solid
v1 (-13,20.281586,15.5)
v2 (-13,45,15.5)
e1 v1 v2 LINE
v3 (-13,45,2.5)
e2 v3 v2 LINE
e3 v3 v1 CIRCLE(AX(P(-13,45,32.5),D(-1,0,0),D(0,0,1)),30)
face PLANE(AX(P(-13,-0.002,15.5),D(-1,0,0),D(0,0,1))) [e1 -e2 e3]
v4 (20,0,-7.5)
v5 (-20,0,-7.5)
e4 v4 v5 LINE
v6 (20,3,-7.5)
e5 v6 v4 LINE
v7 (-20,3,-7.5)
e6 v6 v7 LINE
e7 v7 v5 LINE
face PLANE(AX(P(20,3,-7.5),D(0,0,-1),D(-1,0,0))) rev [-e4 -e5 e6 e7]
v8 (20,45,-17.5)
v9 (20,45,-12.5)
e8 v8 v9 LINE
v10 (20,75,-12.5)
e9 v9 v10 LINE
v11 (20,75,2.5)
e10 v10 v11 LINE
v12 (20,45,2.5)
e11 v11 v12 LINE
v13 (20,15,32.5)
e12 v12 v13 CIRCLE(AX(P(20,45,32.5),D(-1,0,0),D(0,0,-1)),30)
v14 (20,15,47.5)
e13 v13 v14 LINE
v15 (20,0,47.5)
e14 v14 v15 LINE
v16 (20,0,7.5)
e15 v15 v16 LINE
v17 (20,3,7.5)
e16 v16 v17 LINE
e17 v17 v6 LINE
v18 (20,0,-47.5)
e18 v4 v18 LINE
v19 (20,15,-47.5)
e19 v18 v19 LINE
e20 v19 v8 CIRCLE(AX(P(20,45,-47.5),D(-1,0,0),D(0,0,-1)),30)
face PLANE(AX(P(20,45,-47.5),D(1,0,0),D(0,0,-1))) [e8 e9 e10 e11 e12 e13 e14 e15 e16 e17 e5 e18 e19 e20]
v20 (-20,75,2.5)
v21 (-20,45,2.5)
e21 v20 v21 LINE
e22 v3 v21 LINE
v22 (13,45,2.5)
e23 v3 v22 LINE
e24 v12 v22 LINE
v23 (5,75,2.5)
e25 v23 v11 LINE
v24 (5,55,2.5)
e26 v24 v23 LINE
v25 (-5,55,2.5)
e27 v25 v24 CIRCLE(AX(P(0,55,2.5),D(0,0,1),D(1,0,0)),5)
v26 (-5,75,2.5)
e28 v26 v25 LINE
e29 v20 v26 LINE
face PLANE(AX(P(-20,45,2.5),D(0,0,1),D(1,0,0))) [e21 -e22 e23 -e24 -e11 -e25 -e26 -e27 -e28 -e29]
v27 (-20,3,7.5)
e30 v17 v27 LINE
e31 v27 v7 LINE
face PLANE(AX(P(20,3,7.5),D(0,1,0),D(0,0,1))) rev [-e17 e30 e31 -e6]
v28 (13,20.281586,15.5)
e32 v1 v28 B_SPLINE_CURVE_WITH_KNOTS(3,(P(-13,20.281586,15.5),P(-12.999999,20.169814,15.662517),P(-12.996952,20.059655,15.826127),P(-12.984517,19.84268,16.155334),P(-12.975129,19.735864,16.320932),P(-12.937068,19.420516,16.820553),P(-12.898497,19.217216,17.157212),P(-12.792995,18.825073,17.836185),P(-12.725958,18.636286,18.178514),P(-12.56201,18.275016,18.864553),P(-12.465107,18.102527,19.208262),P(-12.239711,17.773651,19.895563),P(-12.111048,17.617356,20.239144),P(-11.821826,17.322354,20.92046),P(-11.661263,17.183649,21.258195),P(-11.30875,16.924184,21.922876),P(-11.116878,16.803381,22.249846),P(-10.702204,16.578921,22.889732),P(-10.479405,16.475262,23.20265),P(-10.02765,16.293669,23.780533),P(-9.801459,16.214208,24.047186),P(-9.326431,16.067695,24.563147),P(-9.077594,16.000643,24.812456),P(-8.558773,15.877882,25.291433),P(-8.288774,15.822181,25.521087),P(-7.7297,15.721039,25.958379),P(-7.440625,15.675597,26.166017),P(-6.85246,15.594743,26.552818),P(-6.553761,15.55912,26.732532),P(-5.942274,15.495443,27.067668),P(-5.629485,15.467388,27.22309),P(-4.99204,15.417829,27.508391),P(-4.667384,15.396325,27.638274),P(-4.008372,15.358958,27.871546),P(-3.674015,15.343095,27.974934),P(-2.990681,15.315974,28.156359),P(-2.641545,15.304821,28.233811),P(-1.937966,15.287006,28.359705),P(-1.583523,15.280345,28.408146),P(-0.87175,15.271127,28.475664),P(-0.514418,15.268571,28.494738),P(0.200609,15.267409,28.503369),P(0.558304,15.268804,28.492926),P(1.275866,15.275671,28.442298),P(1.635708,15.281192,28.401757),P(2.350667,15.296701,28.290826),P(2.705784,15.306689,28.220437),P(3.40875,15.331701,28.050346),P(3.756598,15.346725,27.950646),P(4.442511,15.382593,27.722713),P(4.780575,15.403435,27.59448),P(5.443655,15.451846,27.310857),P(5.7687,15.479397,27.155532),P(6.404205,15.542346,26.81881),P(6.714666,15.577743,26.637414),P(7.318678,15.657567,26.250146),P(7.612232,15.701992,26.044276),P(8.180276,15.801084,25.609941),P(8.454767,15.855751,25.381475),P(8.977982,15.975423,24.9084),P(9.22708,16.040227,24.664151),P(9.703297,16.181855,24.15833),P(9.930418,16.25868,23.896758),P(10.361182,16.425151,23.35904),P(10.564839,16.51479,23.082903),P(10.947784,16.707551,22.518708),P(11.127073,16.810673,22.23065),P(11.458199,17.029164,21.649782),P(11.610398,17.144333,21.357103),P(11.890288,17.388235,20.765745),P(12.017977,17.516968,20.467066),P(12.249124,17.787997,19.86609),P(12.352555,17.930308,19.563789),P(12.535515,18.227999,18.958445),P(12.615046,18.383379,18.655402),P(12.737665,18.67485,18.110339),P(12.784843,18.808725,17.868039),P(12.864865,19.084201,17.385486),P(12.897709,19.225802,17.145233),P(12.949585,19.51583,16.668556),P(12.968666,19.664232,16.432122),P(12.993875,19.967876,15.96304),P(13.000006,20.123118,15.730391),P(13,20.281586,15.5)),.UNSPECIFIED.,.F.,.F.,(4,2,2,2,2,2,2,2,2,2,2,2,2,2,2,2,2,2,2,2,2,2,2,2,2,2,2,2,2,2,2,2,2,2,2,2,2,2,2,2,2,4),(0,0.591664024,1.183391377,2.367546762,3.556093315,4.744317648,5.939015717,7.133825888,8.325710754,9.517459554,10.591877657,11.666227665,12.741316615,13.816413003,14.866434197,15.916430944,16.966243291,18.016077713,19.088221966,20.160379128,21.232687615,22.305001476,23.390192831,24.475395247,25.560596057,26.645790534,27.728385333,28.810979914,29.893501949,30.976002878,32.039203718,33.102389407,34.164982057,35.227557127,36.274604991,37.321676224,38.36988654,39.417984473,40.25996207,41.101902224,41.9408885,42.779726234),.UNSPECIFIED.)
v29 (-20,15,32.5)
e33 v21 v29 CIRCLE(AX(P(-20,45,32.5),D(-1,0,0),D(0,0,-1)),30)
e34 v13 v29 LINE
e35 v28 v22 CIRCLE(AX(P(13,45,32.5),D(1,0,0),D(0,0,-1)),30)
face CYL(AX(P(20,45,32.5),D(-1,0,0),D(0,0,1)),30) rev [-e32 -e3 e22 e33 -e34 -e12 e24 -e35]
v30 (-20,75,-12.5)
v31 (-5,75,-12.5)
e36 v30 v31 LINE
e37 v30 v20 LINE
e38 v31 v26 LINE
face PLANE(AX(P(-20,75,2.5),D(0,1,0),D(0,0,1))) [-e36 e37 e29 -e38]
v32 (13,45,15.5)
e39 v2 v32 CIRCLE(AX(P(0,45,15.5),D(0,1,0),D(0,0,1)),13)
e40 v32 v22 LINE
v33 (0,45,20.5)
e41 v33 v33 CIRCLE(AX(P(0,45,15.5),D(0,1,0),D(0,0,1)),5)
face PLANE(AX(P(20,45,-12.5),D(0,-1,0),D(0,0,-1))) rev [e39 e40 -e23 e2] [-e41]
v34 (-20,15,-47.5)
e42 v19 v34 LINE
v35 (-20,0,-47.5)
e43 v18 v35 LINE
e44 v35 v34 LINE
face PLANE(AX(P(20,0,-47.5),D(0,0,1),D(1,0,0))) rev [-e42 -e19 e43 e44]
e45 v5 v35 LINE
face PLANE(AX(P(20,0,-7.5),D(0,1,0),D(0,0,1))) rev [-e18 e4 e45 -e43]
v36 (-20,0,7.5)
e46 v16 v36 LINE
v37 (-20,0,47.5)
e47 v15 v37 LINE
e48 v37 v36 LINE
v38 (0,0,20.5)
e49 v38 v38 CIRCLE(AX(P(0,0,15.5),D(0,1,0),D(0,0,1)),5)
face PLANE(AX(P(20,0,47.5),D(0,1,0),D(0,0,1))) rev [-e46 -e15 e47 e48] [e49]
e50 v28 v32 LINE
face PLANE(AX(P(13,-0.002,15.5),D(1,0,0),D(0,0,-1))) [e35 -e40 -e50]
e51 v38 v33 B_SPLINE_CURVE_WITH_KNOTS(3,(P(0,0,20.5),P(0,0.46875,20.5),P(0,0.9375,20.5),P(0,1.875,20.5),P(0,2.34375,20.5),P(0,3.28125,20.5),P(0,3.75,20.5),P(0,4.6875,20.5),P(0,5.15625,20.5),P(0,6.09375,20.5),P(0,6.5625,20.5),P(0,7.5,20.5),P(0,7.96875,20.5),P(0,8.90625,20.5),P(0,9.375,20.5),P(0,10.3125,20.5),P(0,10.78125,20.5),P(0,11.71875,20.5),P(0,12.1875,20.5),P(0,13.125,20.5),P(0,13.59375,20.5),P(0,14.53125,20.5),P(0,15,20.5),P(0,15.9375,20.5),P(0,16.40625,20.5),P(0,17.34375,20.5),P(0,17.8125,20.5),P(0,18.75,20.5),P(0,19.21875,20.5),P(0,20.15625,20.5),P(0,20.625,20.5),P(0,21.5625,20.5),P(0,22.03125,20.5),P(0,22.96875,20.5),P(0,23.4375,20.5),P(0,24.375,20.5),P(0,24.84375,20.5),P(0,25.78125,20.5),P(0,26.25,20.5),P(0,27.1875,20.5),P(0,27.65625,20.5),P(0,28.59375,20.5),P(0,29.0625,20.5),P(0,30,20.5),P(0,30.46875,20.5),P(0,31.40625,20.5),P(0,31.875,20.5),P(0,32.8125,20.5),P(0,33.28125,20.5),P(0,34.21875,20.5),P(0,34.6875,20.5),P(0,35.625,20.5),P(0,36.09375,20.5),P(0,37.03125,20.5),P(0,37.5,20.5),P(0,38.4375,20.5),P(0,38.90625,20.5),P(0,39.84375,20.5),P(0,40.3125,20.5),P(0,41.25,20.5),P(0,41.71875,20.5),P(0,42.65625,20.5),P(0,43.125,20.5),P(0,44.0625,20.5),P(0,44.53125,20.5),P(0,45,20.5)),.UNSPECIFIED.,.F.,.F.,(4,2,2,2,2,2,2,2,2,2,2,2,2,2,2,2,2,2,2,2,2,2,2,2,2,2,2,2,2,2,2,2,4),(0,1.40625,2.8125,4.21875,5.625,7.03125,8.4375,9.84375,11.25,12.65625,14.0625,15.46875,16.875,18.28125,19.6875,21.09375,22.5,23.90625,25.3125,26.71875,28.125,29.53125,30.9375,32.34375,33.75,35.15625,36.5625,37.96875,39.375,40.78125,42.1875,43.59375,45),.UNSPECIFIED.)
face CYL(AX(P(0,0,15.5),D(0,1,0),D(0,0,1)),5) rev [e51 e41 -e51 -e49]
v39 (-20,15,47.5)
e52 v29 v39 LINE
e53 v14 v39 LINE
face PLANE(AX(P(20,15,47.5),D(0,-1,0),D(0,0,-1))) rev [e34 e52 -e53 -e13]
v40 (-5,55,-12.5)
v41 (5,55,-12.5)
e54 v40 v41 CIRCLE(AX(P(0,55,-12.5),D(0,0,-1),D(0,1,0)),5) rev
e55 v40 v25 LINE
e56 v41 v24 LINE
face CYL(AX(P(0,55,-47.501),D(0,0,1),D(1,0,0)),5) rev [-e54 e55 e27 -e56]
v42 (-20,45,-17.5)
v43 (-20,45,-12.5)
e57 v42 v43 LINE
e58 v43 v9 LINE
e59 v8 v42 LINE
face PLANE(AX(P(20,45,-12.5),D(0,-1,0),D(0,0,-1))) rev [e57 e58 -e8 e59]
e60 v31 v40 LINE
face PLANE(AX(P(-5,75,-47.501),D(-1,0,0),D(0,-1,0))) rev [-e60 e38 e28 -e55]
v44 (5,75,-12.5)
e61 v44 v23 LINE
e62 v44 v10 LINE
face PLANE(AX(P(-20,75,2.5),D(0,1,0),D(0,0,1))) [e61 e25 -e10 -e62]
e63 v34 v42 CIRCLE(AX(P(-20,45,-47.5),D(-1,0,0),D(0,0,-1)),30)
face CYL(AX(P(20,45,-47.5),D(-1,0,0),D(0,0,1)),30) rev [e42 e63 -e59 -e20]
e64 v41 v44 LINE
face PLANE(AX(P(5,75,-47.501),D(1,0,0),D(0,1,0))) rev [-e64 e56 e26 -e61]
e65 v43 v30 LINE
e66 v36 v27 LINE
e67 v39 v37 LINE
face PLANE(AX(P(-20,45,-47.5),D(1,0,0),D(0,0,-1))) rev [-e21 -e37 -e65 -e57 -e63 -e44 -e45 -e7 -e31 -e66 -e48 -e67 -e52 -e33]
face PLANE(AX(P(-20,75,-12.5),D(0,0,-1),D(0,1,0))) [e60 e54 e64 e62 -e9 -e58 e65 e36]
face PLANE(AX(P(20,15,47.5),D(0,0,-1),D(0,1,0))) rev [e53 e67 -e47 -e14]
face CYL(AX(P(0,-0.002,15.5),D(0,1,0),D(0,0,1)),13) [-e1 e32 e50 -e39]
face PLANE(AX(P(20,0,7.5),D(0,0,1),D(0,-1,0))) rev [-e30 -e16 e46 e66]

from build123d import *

# Parameters (mm, degrees)
BOSS_EXTRUDE4_DEPTH      = 20
BOSS_EXTRUDE5_REACH      = 70.42
BOSS_EXTRUDE5_END_RADIUS = 30
SKETCH7_R                = 5
CUT_EXTRUDE1_DEPTH       = 69.419660946
SKETCH8_W                = 15
SKETCH8_H                = 30
BOSS_EXTRUDE6_DEPTH      = 40
CUT_EXTRUDE2_REACH       = 94.331


with BuildPart() as part:
    # Sketch1 → Boss-Extrude4 (new, symmetric)
    with BuildSketch(Plane(origin=(0, 0, 0), x_dir=(0, 0, -1), z_dir=(1, 0, 0))):
        with BuildLine():
            Line((-47.5, 0), (-7.5, 0))
            Line((-7.5, 0), (-7.5, 3))
            Line((-7.5, 3), (7.5, 3))
            Line((7.5, 3), (7.5, 0))
            Line((7.5, 0), (47.5, 0))
            Line((47.5, 0), (47.5, 15))
            ThreePointArc((47.5, 15), (26.286796564, 23.786796564), (17.5, 45))
            Line((17.5, 45), (12.5, 45))
            Line((12.5, 45), (-2.5, 45))
            ThreePointArc((-2.5, 45), (-11.286796564, 23.786796564), (-32.5, 15))
            Line((-32.5, 15), (-47.5, 15))
            Line((-47.5, 15), (-47.5, 0))
        make_face()
    extrude(amount=BOSS_EXTRUDE4_DEPTH, both=True)

    # Boss-Extrude5: up to this cylinder (the profile starts inside it)
    boss_extrude5_end = Plane(origin=(0, 45, 32.5), z_dir=(-1, 0, 0)) * Cylinder(BOSS_EXTRUDE5_END_RADIUS, 201.84, mode=Mode.PRIVATE)
    # Sketch6 → Boss-Extrude5 (add, up to the surface)
    with BuildSketch(Plane(origin=(0, 45, 0), x_dir=(1, 0, 0), z_dir=(0, 1, 0)), mode=Mode.PRIVATE) as boss_extrude5_sk1:
        with BuildLine():
            Line((-13, -15.5), (-13, -2.5))
            Line((-13, -2.5), (13, -2.5))
            Line((13, -2.5), (13, -15.5))
            ThreePointArc((13, -15.5), (0, -28.5), (-13, -15.5))
        make_face()
    boss_extrude5_tool1 = extrude(boss_extrude5_sk1.sketch, amount=-BOSS_EXTRUDE5_REACH, mode=Mode.PRIVATE) & boss_extrude5_end
    add(boss_extrude5_tool1.solids().sort_by_distance((0, 45, 14.286452))[0])

    # Sketch7 → Cut-Extrude1 (cut, through all)
    with BuildSketch(Plane(origin=(0, 45, 0), x_dir=(1, 0, 0), z_dir=(0, 1, 0))):
        with Locations(Location((0, -15.5, 0), (0, 0, 270))):
            Circle(SKETCH7_R)
    extrude(amount=-CUT_EXTRUDE1_DEPTH, mode=Mode.SUBTRACT)

    # Sketch8 → Boss-Extrude6 (add)
    with BuildSketch(Plane(origin=(20, 0, 0), x_dir=(0, 0, -1), z_dir=(1, 0, 0))):
        with Locations((5, 60)):
            Rectangle(SKETCH8_W, SKETCH8_H)
    extrude(amount=-BOSS_EXTRUDE6_DEPTH)

    # Sketch9 → Cut-Extrude2 (cut, up to next)
    with BuildSketch(Plane.XY.offset(2.5), mode=Mode.PRIVATE) as cut_extrude2_sk1:
        with BuildLine():
            Line((-5, 75), (5, 75))
            Line((5, 75), (5, 55))
            ThreePointArc((5, 55), (0, 50), (-5, 55))
            Line((-5, 55), (-5, 75))
        make_face()
    cut_extrude2_tool1 = extrude(cut_extrude2_sk1.sketch, amount=-CUT_EXTRUDE2_REACH, mode=Mode.PRIVATE) & part.part
    add(cut_extrude2_tool1.solids().sort_by_distance((0, 63.010479, 2.5))[0], mode=Mode.SUBTRACT)


solid = part.part
